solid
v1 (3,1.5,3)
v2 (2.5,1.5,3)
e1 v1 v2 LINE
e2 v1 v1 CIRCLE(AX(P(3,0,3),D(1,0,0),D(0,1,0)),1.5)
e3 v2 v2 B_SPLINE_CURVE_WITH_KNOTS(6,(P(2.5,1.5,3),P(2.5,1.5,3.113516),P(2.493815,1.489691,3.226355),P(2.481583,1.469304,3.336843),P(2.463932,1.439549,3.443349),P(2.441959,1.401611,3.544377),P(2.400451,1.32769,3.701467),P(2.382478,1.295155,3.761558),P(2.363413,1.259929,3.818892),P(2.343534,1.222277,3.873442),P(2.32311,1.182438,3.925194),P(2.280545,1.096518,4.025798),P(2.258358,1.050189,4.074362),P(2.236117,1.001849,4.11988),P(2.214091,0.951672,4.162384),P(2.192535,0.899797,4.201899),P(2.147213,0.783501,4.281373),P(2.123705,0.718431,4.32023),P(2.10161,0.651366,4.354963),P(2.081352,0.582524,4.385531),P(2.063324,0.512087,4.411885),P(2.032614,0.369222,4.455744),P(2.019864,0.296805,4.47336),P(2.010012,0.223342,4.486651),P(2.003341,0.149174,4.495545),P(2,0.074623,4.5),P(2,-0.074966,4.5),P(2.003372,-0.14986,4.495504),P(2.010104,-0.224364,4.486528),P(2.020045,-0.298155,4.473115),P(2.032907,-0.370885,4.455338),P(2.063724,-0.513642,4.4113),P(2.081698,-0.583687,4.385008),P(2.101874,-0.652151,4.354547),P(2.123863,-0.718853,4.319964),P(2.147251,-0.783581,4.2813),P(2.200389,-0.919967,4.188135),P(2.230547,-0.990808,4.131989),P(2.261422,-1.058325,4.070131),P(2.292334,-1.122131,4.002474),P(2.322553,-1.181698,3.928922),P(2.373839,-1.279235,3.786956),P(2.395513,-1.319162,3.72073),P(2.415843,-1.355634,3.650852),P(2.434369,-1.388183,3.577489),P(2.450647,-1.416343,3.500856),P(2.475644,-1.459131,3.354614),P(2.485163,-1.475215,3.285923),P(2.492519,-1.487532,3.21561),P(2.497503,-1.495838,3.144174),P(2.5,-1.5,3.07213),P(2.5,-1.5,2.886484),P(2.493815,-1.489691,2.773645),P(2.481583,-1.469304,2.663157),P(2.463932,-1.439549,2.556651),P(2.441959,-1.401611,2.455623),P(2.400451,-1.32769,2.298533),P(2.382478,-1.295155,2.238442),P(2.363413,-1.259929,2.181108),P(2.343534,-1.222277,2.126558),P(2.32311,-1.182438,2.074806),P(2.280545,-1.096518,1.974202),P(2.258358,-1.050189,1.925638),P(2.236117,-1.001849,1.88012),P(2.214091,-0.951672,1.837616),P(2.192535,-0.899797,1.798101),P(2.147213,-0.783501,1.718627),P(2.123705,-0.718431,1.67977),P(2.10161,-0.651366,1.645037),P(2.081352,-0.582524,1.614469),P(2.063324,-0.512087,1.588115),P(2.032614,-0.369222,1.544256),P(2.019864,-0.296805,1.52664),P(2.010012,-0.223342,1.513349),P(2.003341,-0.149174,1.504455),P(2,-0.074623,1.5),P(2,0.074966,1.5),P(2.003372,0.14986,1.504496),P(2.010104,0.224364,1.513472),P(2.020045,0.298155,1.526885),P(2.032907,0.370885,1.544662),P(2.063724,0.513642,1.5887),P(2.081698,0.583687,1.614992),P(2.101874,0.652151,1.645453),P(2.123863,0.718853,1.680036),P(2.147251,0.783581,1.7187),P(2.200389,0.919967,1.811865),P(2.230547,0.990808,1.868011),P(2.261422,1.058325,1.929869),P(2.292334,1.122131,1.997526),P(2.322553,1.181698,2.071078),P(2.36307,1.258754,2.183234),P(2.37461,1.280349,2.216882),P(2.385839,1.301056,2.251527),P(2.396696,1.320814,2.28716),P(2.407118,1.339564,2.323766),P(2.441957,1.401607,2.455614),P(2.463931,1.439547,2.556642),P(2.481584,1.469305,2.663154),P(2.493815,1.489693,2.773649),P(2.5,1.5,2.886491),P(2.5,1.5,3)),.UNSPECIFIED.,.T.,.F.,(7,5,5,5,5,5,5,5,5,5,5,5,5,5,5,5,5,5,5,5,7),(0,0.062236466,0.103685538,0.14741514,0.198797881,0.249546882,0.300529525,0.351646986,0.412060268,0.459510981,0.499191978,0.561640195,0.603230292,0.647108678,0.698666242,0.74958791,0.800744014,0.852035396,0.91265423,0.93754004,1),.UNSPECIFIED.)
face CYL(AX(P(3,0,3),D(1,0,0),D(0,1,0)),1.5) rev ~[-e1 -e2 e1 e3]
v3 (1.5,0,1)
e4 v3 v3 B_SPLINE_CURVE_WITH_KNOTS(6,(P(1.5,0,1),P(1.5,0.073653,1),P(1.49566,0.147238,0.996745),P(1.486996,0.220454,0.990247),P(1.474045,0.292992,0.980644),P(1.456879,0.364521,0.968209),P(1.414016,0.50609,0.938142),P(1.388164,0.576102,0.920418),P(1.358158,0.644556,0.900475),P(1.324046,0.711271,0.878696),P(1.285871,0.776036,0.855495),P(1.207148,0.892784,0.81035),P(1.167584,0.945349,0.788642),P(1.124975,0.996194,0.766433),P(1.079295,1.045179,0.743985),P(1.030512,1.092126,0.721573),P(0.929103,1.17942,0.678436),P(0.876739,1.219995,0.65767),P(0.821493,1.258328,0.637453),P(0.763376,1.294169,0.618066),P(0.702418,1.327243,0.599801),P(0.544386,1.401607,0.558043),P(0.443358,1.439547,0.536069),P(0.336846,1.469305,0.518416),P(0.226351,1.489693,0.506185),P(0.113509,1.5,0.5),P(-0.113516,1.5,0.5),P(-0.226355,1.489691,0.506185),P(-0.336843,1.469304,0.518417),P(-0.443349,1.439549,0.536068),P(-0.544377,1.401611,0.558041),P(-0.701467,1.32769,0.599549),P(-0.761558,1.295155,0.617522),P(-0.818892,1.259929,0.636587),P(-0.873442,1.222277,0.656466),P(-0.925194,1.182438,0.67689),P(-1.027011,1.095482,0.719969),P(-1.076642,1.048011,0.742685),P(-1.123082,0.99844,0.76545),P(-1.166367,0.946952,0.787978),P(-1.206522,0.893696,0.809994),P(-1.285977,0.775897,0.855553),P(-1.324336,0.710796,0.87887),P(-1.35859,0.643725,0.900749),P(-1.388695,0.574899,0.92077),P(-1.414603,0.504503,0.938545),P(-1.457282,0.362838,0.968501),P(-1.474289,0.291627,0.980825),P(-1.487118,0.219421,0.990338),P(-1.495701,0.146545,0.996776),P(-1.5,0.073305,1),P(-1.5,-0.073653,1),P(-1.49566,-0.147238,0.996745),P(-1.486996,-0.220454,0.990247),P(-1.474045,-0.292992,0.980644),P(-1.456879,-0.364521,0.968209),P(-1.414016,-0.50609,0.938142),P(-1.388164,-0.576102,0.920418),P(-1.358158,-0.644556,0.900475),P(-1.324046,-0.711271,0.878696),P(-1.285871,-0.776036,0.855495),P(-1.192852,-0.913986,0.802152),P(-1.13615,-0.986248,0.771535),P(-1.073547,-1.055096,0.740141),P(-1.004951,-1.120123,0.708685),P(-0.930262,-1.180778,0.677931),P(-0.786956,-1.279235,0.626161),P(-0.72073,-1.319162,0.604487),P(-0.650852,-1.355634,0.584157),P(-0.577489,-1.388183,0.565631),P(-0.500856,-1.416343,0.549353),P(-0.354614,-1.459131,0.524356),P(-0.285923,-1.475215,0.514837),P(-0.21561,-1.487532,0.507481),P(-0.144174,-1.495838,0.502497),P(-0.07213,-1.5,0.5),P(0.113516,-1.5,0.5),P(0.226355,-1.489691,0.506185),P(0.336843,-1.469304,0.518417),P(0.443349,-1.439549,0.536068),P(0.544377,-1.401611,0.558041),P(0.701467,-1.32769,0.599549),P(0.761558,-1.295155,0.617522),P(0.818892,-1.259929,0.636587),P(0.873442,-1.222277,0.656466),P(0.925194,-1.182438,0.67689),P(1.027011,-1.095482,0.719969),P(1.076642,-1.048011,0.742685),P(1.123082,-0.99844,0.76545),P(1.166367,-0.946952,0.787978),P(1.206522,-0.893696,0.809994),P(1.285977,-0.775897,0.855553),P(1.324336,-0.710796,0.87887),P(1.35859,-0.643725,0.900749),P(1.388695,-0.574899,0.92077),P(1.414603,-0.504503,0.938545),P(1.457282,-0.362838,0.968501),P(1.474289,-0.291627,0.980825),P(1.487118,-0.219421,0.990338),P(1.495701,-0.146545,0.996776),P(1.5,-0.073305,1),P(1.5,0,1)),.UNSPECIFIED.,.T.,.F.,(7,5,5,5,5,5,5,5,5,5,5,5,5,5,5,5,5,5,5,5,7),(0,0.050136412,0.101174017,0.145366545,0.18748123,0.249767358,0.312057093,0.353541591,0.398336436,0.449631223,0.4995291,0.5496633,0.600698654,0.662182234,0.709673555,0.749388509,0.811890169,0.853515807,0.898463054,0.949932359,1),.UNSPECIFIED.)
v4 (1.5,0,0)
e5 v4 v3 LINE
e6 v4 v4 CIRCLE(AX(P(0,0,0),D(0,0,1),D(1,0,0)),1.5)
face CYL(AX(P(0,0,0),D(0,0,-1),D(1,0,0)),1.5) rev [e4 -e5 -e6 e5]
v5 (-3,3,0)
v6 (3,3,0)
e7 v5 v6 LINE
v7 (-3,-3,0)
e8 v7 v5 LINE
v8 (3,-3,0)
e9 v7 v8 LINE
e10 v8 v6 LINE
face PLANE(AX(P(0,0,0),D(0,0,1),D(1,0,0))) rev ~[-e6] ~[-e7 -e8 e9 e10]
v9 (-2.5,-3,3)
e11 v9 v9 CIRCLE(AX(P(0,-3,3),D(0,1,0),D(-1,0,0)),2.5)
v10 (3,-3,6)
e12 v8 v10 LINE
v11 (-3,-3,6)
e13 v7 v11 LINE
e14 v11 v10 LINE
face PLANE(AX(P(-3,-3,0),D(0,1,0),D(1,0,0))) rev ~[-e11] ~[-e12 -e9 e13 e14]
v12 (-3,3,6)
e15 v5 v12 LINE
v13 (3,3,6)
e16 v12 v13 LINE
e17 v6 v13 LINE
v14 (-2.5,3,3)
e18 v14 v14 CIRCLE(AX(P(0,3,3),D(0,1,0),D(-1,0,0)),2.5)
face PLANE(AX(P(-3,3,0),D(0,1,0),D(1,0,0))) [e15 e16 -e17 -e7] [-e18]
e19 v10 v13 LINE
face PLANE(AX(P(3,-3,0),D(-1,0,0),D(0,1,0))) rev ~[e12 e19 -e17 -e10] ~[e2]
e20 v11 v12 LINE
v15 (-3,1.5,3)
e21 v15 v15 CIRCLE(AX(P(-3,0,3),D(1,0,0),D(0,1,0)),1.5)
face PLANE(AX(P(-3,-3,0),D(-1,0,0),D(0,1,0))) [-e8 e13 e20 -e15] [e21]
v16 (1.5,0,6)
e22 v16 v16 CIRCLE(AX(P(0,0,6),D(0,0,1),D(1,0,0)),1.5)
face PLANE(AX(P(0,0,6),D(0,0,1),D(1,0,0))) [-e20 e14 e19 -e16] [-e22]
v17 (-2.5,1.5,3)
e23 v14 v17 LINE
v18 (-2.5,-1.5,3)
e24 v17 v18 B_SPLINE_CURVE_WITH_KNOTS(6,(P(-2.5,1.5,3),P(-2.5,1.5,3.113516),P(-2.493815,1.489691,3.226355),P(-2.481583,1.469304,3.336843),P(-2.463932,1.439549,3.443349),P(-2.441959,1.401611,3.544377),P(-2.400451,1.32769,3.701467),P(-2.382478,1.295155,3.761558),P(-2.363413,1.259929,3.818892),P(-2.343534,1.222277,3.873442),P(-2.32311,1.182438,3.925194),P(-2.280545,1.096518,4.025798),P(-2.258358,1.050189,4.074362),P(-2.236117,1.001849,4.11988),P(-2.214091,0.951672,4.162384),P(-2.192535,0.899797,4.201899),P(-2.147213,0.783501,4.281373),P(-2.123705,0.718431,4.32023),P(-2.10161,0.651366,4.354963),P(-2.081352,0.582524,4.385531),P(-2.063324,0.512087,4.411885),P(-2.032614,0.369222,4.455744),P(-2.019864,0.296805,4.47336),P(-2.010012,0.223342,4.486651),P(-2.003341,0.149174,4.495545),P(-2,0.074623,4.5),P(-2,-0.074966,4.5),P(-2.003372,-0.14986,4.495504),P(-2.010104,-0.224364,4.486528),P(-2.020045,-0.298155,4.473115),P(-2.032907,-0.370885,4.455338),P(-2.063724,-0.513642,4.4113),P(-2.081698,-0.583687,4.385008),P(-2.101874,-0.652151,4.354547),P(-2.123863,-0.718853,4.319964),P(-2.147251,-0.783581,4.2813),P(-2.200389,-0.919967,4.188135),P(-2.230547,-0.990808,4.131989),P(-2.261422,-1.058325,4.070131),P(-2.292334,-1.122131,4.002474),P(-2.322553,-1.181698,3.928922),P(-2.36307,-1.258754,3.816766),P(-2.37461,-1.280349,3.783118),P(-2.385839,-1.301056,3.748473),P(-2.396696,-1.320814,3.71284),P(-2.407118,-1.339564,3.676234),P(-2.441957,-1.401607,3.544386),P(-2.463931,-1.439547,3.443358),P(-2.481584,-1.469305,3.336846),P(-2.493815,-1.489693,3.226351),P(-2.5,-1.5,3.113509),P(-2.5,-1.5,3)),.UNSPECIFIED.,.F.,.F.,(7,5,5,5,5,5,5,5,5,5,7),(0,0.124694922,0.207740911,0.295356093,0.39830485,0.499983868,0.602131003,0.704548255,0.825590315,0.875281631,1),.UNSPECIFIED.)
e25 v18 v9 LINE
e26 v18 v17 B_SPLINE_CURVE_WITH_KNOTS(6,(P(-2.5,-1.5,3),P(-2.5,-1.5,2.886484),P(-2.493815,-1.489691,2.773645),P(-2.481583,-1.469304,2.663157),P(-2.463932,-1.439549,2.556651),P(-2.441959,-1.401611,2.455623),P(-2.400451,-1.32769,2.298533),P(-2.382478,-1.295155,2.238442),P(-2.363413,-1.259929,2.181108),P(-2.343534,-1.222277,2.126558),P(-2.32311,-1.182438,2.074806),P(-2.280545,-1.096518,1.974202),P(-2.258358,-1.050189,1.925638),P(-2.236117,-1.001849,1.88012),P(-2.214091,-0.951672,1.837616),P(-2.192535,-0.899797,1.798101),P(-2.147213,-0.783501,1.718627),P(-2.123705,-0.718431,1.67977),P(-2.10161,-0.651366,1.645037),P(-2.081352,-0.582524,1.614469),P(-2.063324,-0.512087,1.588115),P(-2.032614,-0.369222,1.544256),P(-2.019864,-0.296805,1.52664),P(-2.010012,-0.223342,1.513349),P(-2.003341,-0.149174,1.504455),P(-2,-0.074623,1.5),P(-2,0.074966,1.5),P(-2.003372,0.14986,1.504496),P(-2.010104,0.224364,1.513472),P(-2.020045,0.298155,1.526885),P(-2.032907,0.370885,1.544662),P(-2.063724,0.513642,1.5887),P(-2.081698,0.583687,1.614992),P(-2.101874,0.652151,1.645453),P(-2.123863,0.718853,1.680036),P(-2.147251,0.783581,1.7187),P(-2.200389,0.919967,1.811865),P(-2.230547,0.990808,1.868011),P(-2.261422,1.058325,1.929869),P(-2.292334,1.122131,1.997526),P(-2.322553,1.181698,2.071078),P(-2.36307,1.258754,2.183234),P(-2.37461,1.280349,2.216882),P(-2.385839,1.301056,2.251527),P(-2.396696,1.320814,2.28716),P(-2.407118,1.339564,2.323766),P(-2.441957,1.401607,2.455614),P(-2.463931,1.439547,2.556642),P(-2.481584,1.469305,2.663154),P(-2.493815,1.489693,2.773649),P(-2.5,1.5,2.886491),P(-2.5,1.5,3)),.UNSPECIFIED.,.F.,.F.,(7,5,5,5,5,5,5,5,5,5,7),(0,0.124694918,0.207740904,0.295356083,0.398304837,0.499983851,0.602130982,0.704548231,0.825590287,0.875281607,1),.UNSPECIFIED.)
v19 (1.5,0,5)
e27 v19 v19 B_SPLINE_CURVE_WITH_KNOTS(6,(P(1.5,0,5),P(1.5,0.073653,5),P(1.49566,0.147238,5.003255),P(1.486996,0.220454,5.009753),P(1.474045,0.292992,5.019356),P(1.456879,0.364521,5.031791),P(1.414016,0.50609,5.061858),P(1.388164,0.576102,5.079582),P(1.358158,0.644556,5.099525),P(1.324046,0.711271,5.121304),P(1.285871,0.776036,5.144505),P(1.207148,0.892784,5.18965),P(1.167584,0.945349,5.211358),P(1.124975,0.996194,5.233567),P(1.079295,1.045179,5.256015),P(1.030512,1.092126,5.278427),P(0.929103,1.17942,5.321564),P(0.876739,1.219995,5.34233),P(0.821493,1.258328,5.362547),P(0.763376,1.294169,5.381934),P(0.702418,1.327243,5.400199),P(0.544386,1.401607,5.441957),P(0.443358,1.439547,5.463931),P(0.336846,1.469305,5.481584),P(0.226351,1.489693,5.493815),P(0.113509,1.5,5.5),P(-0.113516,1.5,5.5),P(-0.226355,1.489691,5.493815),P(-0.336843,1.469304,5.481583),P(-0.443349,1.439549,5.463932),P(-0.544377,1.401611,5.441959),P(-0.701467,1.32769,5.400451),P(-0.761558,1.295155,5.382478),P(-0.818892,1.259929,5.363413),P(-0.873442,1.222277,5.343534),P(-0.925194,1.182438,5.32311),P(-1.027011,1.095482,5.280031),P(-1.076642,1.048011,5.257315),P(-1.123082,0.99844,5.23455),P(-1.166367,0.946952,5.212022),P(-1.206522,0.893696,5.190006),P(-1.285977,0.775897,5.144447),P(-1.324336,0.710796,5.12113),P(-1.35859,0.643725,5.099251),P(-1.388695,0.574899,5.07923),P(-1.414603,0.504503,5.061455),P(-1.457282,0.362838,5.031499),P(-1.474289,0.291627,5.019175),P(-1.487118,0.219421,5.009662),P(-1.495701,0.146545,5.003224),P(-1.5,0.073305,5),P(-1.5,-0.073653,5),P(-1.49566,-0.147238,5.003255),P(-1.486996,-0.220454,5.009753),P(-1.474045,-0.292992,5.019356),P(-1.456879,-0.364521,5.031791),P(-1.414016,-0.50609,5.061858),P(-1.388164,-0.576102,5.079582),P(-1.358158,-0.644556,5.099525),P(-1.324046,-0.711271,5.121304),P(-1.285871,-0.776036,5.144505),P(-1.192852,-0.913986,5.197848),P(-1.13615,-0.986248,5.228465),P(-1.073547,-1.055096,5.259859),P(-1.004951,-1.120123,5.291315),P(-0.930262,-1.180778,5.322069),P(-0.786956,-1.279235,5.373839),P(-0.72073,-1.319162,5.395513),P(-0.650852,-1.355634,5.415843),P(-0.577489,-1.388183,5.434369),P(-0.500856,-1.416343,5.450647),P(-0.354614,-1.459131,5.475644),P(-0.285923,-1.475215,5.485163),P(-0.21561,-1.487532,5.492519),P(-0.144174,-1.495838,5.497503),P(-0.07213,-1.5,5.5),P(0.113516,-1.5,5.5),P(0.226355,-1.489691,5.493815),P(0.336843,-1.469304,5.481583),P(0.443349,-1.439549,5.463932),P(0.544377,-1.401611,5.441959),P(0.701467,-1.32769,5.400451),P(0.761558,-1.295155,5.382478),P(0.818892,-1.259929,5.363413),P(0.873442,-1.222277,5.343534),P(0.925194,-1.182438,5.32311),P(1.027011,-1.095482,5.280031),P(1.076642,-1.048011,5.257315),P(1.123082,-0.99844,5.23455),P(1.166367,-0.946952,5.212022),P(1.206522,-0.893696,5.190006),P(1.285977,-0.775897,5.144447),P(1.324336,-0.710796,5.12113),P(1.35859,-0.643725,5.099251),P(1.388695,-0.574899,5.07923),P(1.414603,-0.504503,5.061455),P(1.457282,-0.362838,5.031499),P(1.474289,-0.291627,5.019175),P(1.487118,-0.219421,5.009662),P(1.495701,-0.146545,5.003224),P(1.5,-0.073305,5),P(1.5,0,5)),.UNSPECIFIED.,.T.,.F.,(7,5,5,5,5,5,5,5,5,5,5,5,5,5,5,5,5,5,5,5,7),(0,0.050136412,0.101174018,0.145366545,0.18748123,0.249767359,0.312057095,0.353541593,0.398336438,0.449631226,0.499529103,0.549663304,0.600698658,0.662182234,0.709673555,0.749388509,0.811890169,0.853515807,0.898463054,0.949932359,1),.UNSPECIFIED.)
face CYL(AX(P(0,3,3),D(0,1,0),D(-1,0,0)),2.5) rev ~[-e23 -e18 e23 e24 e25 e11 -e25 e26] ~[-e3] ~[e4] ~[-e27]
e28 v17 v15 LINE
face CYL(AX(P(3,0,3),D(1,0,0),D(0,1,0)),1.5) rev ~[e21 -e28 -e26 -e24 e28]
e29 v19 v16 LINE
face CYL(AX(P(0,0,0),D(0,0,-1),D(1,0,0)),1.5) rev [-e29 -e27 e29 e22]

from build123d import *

# Parameters (mm, degrees)
F0_W     = 6
F0_H     = 6
F0_R     = 1.5
F1_DEPTH = 6
F2_R     = 1.5
F3_DEPTH = 25
F4_R     = 2.5
F5_DEPTH = 25


with BuildPart() as f1:
    # F0 (on Top) → F1 (new body)
    with BuildSketch(Plane.XY):
        Rectangle(F0_W, F0_H)
        Circle(F0_R, mode=Mode.SUBTRACT)
    extrude(amount=F1_DEPTH)

    # F2 (on face) → F3 (cut)
    with BuildSketch(Plane.YZ.offset(3)):
        with Locations((0, 3)):
            Circle(F2_R)
    extrude(amount=-F3_DEPTH, mode=Mode.SUBTRACT)

    # F4 (on face) → F5 (cut)
    with BuildSketch(Plane(origin=(0, 3, 0), x_dir=(-1, 0, 0), z_dir=(0, 1, 0))):
        with Locations((0, 3)):
            Circle(F4_R)
    extrude(amount=-F5_DEPTH, mode=Mode.SUBTRACT)


solid = f1.part
